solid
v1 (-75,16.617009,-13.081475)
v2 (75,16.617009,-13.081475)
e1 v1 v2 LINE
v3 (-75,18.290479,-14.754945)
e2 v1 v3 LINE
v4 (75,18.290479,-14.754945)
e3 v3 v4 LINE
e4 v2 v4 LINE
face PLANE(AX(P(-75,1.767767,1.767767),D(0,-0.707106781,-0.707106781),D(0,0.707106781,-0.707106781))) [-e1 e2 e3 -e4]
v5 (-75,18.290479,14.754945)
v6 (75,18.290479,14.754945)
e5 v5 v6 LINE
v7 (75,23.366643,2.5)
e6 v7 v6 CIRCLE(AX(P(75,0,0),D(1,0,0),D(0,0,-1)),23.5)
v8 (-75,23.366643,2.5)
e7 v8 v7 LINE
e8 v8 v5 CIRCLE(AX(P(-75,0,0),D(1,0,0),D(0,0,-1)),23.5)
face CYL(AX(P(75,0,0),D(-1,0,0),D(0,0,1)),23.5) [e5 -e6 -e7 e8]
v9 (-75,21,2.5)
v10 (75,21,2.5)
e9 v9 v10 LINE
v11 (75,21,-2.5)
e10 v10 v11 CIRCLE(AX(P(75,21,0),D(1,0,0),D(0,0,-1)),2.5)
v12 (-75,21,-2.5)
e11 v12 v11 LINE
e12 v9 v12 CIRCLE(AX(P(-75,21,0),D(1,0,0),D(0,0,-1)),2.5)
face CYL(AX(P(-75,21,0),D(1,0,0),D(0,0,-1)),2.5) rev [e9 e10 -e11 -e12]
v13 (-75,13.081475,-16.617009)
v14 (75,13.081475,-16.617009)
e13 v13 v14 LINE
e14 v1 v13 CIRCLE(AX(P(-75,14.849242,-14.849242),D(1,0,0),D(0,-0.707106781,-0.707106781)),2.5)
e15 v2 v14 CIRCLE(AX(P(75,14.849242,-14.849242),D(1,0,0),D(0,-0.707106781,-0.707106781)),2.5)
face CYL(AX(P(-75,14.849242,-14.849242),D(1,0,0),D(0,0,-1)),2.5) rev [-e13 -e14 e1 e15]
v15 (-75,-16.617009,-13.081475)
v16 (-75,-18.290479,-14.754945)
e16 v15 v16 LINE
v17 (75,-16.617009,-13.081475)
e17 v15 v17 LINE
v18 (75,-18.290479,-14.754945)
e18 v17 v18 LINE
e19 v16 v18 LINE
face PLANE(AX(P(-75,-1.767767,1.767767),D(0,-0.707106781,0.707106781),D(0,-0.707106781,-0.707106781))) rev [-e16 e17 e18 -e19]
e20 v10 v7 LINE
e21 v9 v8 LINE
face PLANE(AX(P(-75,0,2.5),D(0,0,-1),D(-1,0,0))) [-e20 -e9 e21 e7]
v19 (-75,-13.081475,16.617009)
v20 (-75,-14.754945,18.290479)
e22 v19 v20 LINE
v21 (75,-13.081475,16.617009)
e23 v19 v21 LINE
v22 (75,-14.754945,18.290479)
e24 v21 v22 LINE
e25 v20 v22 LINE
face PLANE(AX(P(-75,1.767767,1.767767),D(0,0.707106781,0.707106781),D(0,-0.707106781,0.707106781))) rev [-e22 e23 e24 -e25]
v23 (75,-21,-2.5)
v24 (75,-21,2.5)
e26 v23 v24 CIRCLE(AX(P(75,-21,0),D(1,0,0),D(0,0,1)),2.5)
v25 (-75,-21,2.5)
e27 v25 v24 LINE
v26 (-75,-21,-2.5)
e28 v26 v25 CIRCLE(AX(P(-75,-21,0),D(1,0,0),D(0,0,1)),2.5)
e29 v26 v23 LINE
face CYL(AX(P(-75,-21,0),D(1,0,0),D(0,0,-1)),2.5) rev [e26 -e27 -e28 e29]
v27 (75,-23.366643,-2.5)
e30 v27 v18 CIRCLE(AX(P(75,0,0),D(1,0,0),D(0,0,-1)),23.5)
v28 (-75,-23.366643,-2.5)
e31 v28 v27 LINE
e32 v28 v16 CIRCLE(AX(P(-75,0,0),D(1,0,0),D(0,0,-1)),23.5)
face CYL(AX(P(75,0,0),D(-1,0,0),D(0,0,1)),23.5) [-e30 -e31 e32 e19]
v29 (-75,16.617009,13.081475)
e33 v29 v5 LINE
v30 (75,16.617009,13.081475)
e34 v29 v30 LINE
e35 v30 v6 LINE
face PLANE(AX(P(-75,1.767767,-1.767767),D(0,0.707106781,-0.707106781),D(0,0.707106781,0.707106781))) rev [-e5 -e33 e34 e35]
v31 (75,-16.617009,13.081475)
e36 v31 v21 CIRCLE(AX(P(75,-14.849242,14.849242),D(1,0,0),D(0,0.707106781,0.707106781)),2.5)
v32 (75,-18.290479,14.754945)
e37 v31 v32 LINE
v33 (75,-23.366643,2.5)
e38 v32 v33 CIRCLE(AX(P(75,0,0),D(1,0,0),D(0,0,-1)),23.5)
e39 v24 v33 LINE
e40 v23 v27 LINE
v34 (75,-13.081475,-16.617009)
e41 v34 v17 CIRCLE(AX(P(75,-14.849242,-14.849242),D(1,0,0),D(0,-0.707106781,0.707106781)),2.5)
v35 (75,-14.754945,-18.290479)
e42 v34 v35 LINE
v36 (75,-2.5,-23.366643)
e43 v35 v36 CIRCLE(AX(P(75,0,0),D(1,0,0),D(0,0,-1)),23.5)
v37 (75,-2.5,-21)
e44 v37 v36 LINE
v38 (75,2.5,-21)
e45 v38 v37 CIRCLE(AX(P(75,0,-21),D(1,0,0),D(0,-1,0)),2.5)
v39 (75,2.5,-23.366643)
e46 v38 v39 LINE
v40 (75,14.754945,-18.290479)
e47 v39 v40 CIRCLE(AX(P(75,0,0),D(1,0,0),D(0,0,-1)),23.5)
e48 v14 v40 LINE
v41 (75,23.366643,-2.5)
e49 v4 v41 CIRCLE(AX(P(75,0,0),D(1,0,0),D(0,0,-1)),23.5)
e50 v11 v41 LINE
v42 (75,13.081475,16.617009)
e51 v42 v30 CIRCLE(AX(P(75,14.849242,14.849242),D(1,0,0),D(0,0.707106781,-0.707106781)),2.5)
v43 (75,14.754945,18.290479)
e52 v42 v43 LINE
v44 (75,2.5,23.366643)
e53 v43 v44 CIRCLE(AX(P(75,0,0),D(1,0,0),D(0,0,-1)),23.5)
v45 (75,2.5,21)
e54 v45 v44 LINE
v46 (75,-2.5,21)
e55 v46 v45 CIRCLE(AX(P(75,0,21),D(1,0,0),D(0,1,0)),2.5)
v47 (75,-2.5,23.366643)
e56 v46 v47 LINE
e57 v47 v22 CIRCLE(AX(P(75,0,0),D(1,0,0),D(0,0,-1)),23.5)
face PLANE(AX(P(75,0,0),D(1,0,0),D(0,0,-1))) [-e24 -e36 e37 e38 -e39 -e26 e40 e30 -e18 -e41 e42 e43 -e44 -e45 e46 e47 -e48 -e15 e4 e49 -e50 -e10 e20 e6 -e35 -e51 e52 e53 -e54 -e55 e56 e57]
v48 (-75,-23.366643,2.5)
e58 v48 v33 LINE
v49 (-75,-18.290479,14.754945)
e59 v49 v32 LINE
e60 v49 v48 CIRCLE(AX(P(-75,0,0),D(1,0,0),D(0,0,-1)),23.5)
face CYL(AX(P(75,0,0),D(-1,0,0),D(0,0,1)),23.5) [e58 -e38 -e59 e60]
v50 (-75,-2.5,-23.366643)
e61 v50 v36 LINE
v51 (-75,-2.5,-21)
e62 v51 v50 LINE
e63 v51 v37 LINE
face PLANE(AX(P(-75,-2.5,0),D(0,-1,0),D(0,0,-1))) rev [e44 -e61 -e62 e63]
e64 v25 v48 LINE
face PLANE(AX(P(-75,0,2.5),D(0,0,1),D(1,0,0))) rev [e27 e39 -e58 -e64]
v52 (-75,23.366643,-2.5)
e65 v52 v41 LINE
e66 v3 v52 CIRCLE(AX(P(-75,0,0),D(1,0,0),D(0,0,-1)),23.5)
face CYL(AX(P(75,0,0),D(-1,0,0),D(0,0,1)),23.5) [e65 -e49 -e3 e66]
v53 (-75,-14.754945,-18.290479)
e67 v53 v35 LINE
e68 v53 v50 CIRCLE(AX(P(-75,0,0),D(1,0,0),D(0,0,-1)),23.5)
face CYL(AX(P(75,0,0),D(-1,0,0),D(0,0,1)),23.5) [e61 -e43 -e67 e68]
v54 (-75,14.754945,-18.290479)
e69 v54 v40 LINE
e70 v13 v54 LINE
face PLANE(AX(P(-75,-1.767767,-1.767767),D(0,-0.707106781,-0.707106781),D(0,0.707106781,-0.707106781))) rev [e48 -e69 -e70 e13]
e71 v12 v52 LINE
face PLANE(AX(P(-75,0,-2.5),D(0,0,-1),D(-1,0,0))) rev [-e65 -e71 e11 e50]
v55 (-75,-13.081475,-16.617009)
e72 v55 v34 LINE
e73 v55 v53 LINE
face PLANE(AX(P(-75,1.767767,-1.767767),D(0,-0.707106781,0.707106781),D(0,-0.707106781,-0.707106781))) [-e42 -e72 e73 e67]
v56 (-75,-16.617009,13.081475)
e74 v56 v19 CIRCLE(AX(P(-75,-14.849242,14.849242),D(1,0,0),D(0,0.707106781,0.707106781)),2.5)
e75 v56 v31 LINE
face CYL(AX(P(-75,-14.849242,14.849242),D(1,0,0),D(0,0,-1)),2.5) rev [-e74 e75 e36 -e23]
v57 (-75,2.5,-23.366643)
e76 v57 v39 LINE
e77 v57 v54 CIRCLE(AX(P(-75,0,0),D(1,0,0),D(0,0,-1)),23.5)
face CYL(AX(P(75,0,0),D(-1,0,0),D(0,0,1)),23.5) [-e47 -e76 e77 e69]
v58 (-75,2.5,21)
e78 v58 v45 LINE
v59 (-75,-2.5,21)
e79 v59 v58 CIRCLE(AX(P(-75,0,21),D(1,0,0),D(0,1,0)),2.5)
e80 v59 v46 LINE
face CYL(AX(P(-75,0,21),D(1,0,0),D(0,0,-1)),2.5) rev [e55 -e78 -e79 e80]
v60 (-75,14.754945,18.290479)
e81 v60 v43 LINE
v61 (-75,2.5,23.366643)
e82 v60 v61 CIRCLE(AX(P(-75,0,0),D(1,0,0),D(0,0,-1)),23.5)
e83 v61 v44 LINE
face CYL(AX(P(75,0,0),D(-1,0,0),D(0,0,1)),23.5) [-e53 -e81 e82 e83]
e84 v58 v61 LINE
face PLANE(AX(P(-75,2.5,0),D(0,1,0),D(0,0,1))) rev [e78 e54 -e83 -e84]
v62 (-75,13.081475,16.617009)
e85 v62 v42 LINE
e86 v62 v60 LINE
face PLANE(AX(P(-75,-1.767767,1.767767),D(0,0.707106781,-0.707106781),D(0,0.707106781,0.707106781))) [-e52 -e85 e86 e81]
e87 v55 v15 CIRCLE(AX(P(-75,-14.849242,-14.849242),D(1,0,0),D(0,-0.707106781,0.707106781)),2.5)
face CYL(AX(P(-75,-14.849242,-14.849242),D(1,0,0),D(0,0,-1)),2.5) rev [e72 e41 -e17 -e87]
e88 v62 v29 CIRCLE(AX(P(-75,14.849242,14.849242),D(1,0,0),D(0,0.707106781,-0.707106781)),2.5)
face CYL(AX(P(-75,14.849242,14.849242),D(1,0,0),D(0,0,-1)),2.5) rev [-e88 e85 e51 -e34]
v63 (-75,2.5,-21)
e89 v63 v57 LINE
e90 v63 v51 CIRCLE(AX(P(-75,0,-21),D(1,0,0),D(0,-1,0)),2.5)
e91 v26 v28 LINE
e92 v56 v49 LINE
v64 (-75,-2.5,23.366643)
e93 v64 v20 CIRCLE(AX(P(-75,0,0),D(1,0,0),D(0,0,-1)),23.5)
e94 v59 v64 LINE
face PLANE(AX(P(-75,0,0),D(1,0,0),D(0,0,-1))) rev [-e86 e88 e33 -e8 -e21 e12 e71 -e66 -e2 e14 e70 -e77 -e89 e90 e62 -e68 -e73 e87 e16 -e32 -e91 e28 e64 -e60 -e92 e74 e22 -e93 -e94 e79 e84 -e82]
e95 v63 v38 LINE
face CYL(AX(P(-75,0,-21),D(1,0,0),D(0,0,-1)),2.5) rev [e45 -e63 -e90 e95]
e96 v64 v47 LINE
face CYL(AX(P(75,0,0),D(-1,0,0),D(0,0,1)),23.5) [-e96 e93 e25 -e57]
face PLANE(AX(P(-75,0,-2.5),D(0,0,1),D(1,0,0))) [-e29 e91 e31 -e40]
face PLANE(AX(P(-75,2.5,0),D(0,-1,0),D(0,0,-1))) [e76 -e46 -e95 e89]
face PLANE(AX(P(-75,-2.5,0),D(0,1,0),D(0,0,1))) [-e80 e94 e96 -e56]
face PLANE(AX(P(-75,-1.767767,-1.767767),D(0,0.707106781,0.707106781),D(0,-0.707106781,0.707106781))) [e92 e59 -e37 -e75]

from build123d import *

# Parameters (mm, degrees)
SKETCH_1_R               = 23.5
EXTRUDE_1_DEPTH          = 75
CUT_EXTRUDE_1_DEPTH      = 154.637560512
PATTERN_CIRCULAR_2_COUNT = 8


with BuildPart() as part:
    # 草图1 → 凸台-拉伸1 (new, symmetric)
    with BuildSketch(Plane(origin=(0, 0, 0), x_dir=(0, 0, -1), z_dir=(1, 0, 0))):
        Circle(SKETCH_1_R)
    extrude(amount=EXTRUDE_1_DEPTH, both=True)

    # 草图2 → 切除-拉伸1 (cut, through all)
    with BuildSketch(Plane(origin=(75, 0, 0), x_dir=(0, 0, -1), z_dir=(1, 0, 0))):
        with BuildLine():
            ThreePointArc((-2.5, 21), (0, 18.5), (2.5, 21))
            ThreePointArc((2.5, 21), (1.767766953, 22.767766953), (0, 23.5))
            ThreePointArc((0, 23.5), (-1.251777149, 23.46663704), (-2.5, 23.366642891))
            Line((-2.5, 23.366642891), (-2.5, 21))
        make_face()
        with BuildLine():
            ThreePointArc((0, 23.5), (1.767766953, 22.767766953), (2.5, 21))
            Line((2.5, 21), (2.5, 23.366642891))
            ThreePointArc((2.5, 23.366642891), (1.251777149, 23.46663704), (0, 23.5))
        make_face()
    cut_extrude_1 = extrude(amount=-CUT_EXTRUDE_1_DEPTH, mode=Mode.SUBTRACT)

    # 阵列(圆周)2: 切除-拉伸1 ×8 about axis
    pattern_circular_2_axis = Axis((0, 0, 0), (1, 0, 0))
    for i in range(1, PATTERN_CIRCULAR_2_COUNT):
        add(cut_extrude_1.rotate(pattern_circular_2_axis, i * 360 / PATTERN_CIRCULAR_2_COUNT), mode=Mode.SUBTRACT)


solid = part.part
